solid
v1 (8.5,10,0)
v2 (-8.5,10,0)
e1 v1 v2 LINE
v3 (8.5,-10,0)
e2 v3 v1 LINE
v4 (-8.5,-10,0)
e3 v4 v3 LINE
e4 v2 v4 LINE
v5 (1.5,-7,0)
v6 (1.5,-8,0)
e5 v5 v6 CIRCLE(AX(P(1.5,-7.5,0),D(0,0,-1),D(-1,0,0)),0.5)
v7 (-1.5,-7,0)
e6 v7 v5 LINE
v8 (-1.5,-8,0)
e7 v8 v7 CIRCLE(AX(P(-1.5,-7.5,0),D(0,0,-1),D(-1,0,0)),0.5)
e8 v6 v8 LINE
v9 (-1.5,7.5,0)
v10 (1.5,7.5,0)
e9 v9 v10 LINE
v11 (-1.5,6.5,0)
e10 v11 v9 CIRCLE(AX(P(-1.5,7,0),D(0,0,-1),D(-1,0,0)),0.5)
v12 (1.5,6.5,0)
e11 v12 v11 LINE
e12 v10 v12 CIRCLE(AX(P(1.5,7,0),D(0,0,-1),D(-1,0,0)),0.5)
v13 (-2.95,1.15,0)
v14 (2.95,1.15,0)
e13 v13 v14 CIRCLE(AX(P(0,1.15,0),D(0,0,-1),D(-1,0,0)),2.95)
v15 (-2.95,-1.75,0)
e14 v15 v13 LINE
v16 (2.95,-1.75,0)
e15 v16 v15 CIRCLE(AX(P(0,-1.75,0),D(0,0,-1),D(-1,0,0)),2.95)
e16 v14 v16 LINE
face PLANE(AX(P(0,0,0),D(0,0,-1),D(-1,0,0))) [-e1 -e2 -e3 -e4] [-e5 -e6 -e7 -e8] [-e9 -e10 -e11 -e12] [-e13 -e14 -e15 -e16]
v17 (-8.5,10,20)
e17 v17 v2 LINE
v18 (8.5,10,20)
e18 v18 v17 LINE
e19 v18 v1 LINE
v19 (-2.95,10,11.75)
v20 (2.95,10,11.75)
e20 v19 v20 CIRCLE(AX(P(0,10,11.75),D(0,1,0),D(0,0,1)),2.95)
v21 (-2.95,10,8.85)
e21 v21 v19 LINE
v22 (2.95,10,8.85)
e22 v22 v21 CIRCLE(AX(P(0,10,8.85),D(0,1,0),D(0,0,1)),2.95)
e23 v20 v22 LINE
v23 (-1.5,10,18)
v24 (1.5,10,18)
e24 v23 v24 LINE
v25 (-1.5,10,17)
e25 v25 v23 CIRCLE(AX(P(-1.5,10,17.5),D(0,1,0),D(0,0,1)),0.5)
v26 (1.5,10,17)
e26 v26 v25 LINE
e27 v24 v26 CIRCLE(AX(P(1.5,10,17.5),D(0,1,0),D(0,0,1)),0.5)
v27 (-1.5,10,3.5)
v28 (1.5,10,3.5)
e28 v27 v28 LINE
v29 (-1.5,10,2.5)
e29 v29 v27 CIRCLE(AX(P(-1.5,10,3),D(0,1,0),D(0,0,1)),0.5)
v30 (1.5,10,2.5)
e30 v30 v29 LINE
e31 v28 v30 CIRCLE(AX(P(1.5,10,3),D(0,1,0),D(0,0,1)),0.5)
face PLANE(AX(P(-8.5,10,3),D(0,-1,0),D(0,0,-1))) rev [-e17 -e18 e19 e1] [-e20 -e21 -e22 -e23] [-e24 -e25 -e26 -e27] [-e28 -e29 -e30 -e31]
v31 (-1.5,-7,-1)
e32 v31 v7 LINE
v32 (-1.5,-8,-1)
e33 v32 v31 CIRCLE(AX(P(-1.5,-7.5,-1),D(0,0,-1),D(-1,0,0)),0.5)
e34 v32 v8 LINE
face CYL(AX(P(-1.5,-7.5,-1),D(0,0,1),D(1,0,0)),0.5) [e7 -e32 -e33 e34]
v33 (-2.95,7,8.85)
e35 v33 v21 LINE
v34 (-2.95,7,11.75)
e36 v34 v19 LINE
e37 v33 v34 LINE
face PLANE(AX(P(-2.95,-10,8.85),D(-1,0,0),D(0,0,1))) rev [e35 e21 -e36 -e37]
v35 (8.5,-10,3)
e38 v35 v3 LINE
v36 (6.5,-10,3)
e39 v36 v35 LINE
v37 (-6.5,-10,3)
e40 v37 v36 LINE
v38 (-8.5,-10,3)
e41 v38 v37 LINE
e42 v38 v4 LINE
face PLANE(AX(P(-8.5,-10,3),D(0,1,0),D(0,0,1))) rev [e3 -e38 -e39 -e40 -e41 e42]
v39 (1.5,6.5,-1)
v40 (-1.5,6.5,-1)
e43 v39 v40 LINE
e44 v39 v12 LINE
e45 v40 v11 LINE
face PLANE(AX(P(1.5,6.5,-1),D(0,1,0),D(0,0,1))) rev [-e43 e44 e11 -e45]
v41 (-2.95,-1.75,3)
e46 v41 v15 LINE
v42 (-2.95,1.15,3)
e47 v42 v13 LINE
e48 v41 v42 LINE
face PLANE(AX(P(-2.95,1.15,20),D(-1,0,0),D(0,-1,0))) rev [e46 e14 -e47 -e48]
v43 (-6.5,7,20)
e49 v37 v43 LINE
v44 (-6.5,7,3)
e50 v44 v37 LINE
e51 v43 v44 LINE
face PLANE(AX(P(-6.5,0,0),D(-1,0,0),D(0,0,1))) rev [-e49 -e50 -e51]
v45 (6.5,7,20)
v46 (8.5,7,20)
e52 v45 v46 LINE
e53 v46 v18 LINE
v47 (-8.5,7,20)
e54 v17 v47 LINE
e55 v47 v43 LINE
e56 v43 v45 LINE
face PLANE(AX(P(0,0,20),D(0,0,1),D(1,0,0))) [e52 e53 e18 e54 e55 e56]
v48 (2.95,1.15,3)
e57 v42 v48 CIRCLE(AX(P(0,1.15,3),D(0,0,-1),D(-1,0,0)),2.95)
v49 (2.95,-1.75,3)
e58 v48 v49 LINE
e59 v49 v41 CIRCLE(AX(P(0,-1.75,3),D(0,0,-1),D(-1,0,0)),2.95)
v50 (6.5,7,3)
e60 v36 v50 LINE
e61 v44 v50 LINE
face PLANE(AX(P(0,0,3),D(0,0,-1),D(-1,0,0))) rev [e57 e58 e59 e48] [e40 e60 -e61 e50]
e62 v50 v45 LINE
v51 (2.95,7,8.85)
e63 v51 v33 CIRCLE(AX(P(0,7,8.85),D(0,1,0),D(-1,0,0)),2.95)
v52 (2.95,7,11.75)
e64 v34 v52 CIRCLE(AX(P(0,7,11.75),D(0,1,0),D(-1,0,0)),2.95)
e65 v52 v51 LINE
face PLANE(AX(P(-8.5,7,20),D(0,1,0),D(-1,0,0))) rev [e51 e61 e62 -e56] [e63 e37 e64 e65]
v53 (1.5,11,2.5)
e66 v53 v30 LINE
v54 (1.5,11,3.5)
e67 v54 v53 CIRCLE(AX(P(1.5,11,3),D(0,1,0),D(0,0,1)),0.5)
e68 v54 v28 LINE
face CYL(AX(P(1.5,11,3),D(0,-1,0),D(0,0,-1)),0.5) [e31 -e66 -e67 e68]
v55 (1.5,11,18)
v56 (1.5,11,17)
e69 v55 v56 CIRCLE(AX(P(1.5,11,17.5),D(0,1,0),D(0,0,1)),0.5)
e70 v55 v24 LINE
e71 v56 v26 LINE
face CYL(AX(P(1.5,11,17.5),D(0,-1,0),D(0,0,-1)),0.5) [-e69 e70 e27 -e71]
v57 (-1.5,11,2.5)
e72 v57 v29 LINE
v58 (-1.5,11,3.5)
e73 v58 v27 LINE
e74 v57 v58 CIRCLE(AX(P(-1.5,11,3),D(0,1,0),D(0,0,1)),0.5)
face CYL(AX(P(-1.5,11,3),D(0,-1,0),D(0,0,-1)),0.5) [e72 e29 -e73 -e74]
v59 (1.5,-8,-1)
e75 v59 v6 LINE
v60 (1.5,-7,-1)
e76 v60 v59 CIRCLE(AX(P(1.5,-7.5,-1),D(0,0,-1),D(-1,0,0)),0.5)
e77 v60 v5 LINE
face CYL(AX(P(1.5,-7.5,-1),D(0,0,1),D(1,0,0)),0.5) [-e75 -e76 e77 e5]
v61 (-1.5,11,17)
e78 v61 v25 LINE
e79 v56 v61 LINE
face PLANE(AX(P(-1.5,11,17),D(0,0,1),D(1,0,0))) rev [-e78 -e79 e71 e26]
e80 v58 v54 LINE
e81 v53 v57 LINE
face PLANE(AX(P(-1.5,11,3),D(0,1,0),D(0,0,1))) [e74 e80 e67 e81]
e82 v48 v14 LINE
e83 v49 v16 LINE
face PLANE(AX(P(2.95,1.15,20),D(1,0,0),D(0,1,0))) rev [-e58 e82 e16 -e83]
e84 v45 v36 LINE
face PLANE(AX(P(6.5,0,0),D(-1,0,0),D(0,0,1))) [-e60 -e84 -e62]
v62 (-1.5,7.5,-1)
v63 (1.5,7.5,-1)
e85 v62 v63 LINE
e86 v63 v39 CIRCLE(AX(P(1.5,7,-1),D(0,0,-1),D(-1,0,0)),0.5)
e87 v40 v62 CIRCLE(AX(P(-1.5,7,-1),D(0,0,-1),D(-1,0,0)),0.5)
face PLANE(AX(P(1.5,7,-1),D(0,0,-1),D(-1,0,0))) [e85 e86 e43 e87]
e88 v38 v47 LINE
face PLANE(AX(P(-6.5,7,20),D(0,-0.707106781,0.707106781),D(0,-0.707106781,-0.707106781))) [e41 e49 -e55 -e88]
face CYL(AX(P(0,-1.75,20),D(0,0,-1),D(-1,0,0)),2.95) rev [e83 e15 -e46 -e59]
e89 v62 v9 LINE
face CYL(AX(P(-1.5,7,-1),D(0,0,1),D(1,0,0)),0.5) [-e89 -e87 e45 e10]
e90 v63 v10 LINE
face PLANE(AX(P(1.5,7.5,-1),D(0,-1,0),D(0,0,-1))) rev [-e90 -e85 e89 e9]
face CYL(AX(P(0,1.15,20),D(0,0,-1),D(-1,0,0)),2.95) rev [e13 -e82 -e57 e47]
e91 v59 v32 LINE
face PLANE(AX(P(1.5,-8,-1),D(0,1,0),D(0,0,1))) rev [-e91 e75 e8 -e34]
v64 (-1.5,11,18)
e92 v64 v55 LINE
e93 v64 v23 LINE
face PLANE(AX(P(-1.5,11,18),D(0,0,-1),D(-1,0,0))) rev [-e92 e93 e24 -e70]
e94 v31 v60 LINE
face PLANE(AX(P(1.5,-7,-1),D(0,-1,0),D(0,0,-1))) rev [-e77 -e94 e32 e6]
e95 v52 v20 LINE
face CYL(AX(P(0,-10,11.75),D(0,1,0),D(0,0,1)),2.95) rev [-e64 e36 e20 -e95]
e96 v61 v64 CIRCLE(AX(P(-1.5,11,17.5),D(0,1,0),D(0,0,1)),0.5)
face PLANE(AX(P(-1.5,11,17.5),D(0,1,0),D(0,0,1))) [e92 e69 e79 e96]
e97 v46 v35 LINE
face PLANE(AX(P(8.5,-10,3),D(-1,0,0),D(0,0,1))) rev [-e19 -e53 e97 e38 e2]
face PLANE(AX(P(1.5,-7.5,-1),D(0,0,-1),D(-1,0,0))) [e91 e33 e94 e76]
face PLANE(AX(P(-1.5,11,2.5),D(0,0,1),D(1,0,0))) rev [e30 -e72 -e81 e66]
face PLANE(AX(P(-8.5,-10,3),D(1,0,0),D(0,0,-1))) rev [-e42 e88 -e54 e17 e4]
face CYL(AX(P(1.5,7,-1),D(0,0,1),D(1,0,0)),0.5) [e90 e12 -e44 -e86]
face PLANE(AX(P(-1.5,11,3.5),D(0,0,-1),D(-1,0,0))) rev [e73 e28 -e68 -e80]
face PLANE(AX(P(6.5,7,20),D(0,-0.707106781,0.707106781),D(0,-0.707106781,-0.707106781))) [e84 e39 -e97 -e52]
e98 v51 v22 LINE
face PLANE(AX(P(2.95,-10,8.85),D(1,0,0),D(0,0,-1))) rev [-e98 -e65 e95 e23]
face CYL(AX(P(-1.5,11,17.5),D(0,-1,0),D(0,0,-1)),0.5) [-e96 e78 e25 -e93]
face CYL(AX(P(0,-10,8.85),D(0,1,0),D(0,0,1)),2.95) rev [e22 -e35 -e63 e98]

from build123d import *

# Parameters (mm, degrees)
SKETCH_1_W          = 17
SKETCH_1_H          = 20
EXTRUDE_1_DEPTH     = 3
SKETCH_2_W          = 17
SKETCH_2_H          = 3
EXTRUDE_2_DEPTH     = 17
EXTRUDE_3_DEPTH     = 2
EXTRUDE_4_DEPTH     = 2
EXTRUDE_5_DEPTH     = 1
EXTRUDE_6_DEPTH     = 1
CUT_EXTRUDE_3_DEPTH = 21
CUT_EXTRUDE_4_DEPTH = 21


with BuildPart() as part:
    # 草图1 → 凸台-拉伸1 (new body)
    with BuildSketch(Plane.XY):
        Rectangle(SKETCH_1_W, SKETCH_1_H)
    extrude(amount=EXTRUDE_1_DEPTH)

    # 草图2 → 凸台-拉伸2 (add)
    with BuildSketch(Plane.XY.offset(3)):
        with Locations((0, 8.5)):
            Rectangle(SKETCH_2_W, SKETCH_2_H)
    extrude(amount=EXTRUDE_2_DEPTH)

    # 草图3 → 凸台-拉伸3 (add)
    with BuildSketch(Plane.ZY.offset(8.5)):
        Polygon((20, 7), (3, -10), (3, 7), align=None)
    extrude(amount=-EXTRUDE_3_DEPTH)

    # 草图4 → 凸台-拉伸4 (add)
    with BuildSketch(Plane(origin=(8.5, 0, 0), x_dir=(0, 0, -1), z_dir=(1, 0, 0))):
        Polygon((-20, 7), (-3, -10), (-3, 7), align=None)
    extrude(amount=-EXTRUDE_4_DEPTH)

    # 草图5 → 凸台-拉伸5 (add)
    with BuildSketch(Plane(origin=(0, 10, 0), x_dir=(1, 0, 0), z_dir=(0, 1, 0))):
        with BuildLine():
            Line((-1.5, -2.5), (1.5, -2.5))
            ThreePointArc((1.5, -2.5), (2, -3), (1.5, -3.5))
            Line((1.5, -3.5), (-1.5, -3.5))
            ThreePointArc((-1.5, -3.5), (-2, -3), (-1.5, -2.5))
        make_face()
        with BuildLine():
            Line((-1.5, -17), (1.5, -17))
            ThreePointArc((1.5, -17), (2, -17.5), (1.5, -18))
            Line((1.5, -18), (-1.5, -18))
            ThreePointArc((-1.5, -18), (-2, -17.5), (-1.5, -17))
        make_face()
    extrude(amount=EXTRUDE_5_DEPTH)

    # 草图6 → 凸台-拉伸6 (add)
    with BuildSketch(Plane(origin=(0, 0, 0), x_dir=(-1, 0, 0), z_dir=(0, 0, -1))):
        with BuildLine():
            Line((-1.5, 7.5), (1.5, 7.5))
            ThreePointArc((1.5, 7.5), (2, 7), (1.5, 6.5))
            Line((1.5, 6.5), (-1.5, 6.5))
            ThreePointArc((-1.5, 6.5), (-2, 7), (-1.5, 7.5))
        make_face()
        with BuildLine():
            Line((-1.5, -7), (1.5, -7))
            ThreePointArc((1.5, -7), (2, -7.5), (1.5, -8))
            Line((1.5, -8), (-1.5, -8))
            ThreePointArc((-1.5, -8), (-2, -7.5), (-1.5, -7))
        make_face()
    extrude(amount=EXTRUDE_6_DEPTH)

    # 草图7 → 切除-拉伸3 (cut, through all)
    with BuildSketch(Plane(origin=(0, 0, 0), x_dir=(-1, 0, 0), z_dir=(0, 0, -1))):
        with BuildLine():
            Line((2.95, 1.15), (2.95, -1.75))
            ThreePointArc((2.95, -1.75), (0, -4.7), (-2.95, -1.75))
            Line((-2.95, -1.75), (-2.95, 1.15))
            ThreePointArc((-2.95, 1.15), (0, 4.1), (2.95, 1.15))
        make_face()
    extrude(amount=-CUT_EXTRUDE_3_DEPTH, mode=Mode.SUBTRACT)

    # 草图8 → 切除-拉伸4 (cut, through all)
    with BuildSketch(Plane(origin=(0, 10, 0), x_dir=(1, 0, 0), z_dir=(0, 1, 0))):
        with BuildLine():
            Line((2.95, -8.85), (2.95, -11.75))
            ThreePointArc((2.95, -11.75), (0, -14.7), (-2.95, -11.75))
            Line((-2.95, -11.75), (-2.95, -8.85))
            ThreePointArc((-2.95, -8.85), (0, -5.9), (2.95, -8.85))
        make_face()
    extrude(amount=-CUT_EXTRUDE_4_DEPTH, mode=Mode.SUBTRACT)


solid = part.part
